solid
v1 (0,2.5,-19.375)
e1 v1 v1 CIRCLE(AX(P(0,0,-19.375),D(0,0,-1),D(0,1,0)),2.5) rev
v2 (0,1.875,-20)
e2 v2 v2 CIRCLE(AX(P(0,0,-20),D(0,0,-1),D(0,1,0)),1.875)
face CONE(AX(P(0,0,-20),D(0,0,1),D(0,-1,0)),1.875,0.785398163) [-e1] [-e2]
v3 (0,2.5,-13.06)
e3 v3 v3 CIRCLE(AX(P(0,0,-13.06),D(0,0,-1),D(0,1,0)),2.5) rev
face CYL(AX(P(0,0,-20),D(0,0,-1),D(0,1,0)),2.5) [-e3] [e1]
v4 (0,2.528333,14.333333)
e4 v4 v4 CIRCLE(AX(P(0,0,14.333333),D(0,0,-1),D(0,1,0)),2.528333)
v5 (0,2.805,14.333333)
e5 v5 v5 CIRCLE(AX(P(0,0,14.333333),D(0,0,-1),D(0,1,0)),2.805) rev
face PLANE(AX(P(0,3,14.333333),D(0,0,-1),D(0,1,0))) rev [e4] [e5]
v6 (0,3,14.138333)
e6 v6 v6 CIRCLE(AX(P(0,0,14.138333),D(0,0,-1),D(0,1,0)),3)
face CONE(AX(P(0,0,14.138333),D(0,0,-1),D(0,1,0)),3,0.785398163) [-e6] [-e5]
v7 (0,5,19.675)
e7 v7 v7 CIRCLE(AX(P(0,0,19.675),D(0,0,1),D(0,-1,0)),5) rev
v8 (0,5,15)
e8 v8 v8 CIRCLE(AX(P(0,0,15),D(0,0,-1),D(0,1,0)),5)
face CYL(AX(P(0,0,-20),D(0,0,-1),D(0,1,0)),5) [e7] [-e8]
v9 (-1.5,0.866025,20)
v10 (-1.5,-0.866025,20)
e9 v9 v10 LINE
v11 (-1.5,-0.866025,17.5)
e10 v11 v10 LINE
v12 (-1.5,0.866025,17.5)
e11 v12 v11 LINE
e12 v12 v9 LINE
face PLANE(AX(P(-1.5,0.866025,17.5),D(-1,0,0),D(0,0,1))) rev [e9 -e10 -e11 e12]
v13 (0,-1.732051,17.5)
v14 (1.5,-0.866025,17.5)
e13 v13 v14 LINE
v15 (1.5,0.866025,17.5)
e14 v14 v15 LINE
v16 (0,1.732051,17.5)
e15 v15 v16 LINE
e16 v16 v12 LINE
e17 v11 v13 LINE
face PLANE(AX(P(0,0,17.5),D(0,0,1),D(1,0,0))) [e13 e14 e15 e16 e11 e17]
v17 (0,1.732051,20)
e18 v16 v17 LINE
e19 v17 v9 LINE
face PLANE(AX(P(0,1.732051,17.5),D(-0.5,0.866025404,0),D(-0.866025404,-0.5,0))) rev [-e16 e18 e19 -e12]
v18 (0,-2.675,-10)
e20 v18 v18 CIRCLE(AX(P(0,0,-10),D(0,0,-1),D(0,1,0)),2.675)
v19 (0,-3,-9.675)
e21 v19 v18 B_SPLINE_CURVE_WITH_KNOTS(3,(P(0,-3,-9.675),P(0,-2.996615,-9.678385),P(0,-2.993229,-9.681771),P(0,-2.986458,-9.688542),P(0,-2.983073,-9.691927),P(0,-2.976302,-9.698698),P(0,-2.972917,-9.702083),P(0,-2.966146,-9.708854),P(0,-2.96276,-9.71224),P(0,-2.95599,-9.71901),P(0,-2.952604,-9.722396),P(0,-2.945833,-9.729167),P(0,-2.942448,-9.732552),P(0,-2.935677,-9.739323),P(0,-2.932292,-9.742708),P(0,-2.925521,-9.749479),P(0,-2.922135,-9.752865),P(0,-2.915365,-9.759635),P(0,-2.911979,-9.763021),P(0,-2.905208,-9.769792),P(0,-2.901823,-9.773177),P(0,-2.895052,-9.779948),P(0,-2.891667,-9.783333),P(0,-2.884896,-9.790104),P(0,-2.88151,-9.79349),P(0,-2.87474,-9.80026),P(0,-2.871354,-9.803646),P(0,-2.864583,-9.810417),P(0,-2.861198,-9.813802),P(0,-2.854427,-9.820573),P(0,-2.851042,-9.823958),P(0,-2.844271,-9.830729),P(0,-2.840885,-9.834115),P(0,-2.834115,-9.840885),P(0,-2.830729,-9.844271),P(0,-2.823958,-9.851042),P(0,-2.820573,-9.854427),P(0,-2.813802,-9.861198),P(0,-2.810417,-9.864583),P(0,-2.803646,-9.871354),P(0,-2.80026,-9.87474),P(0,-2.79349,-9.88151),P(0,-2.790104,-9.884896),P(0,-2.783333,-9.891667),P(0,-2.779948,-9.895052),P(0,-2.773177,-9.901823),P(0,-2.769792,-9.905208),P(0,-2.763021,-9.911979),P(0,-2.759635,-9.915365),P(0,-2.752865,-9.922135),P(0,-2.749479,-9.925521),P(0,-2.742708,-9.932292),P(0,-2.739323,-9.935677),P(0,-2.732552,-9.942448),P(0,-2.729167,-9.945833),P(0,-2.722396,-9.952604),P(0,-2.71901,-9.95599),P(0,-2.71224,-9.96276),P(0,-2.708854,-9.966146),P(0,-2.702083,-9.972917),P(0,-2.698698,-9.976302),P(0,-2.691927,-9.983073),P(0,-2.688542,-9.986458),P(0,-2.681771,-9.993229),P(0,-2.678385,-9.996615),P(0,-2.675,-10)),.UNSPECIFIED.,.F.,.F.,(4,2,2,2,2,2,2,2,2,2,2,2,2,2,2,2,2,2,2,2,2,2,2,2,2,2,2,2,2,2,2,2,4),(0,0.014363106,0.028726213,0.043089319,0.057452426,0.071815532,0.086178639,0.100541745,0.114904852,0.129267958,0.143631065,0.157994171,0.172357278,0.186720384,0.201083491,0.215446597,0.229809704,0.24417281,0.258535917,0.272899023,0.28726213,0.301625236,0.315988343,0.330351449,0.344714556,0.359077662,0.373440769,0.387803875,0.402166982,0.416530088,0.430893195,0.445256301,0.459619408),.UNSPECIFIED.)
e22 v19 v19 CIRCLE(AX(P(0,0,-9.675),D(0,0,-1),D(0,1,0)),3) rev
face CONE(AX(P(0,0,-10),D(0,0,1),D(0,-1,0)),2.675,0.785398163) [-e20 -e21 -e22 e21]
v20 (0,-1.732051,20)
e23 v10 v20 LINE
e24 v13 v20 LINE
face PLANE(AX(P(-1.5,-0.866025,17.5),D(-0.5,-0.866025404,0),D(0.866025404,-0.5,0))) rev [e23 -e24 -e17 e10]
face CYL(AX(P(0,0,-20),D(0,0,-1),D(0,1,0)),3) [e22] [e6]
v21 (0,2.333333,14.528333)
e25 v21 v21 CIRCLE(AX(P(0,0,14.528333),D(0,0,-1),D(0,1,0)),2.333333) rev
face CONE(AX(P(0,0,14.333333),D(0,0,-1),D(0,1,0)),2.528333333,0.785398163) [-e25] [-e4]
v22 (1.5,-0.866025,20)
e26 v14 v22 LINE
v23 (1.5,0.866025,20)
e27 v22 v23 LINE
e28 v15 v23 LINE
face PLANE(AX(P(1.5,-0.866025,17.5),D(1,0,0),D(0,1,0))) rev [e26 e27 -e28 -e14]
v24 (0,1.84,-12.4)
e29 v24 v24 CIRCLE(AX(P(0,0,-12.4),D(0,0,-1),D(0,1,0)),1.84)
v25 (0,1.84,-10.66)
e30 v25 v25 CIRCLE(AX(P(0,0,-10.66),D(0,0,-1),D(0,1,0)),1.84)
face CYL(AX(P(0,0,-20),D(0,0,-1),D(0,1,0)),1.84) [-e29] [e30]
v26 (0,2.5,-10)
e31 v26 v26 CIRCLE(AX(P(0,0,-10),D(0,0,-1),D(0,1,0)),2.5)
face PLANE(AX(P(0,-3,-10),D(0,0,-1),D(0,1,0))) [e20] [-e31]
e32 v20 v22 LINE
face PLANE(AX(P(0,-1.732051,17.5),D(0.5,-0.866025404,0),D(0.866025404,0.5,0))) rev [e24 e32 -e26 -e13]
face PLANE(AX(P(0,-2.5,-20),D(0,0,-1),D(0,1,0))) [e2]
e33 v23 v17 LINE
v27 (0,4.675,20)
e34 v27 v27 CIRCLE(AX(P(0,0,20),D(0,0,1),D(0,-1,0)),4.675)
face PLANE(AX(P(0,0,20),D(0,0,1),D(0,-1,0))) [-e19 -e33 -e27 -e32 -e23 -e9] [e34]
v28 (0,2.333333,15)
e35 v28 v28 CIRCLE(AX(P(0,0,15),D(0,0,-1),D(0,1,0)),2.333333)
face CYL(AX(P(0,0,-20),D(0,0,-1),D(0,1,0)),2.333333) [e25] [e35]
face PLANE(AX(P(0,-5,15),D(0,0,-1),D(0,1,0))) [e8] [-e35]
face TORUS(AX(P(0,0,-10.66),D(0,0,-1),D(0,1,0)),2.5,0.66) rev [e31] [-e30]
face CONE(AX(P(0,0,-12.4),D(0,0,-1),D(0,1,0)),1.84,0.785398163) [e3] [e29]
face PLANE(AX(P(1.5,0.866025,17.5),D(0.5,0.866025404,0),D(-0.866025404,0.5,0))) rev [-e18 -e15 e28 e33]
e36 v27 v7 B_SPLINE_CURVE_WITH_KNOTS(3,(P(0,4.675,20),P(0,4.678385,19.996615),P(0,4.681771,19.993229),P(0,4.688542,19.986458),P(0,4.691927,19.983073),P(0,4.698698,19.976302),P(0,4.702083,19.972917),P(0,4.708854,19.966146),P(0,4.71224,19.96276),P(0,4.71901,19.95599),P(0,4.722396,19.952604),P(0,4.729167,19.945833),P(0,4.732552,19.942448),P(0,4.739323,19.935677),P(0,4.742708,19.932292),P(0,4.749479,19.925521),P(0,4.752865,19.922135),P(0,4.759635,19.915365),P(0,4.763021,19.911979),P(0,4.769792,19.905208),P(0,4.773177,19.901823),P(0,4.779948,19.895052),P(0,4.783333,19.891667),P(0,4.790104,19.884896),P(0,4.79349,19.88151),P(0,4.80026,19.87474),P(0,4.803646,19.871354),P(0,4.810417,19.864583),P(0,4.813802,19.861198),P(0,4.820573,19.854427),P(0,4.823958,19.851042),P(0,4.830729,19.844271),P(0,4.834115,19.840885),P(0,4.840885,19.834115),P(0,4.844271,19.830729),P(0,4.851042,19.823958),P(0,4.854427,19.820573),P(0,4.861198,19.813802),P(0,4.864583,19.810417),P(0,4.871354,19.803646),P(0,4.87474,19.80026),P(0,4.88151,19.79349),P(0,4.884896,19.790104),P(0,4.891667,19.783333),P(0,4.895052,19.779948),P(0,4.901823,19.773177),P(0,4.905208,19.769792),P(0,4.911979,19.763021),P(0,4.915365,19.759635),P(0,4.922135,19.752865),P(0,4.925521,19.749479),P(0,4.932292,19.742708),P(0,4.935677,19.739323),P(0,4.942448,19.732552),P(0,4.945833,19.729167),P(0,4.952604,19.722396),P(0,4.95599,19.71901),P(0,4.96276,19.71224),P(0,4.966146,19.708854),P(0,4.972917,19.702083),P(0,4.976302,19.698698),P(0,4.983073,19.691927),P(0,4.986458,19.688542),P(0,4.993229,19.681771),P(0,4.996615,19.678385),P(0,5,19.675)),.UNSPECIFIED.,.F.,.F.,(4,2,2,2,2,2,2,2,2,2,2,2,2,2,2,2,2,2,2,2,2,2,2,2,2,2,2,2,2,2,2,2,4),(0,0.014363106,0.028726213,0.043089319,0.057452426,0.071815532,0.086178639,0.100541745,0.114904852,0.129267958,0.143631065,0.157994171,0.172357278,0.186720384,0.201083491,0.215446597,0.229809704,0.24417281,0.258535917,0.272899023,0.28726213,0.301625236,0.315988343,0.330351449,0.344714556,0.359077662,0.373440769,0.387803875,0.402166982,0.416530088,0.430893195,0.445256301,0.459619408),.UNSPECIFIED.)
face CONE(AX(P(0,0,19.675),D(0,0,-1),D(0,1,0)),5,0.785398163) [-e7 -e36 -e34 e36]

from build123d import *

# Parameters (mm, degrees)
SKETCH4_W          = 0.666666667
SKETCH4_H          = 0.666666667
CHAMFER1_SIZE      = 0.195
CHAMFER2_SIZE      = 0.625
CHAMFER3_SIZE      = 0.325
CUT_EXTRUDE1_DEPTH = 2.5


with BuildPart() as part:
    # Sketch3 → Revolve1 (revolve)
    with BuildSketch(Plane(origin=(0, 0, 0), x_dir=(0, 0, -1), z_dir=(1, 0, 0))):
        Polygon((-20, 5), (-15, 5), (-15, 3), (10, 3), (10, 2.5), (20, 2.5), (20, 0), (-20, 0), align=None)
    revolve(axis=Axis((0, 0, -20), (0, 0, 1)))

    # Sketch4 → Cut-Revolve1 (revolve, cut)
    with BuildSketch(Plane(origin=(0, 0, 0), x_dir=(0, 0, -1), z_dir=(1, 0, 0))):
        with Locations((-14.666666667, 2.666666667)):
            Rectangle(SKETCH4_W, SKETCH4_H)
    revolve(axis=Axis((0, 0, -20), (0, 0, 1)), mode=Mode.SUBTRACT)

    # Chamfer1
    chamfer1_edges = [part.edges().sort_by_distance(p)[0] for p in [
        (0, -2.333333333, 14.333333333),
        (0, -3, 14.333333333),
    ]]
    chamfer(chamfer1_edges, length=CHAMFER1_SIZE)

    # Sketch6 → Cut-Revolve2 (revolve, cut)
    with BuildSketch(Plane(origin=(0, 0, 0), x_dir=(0, 0, -1), z_dir=(1, 0, 0))):
        with BuildLine():
            Line((10, 3), (13.56, 3))
            Line((13.56, 3), (12.4, 1.84))
            Line((12.4, 1.84), (10.66, 1.84))
            ThreePointArc((10.66, 1.84), (10.193309524, 2.033309524), (10, 2.5))
            Line((10, 2.5), (10, 3))
        make_face()
    revolve(axis=Axis((0, 0, -20), (0, 0, 1)), mode=Mode.SUBTRACT)

    # Chamfer2
    chamfer2_edges = [part.edges().sort_by_distance(p)[0] for p in [
        (0, -2.5, -20),
    ]]
    chamfer(chamfer2_edges, length=CHAMFER2_SIZE)

    # Chamfer3
    chamfer3_edges = [part.edges().sort_by_distance(p)[0] for p in [
        (0, -3, -10),
        (0, -5, 20),
    ]]
    chamfer(chamfer3_edges, length=CHAMFER3_SIZE)

    # Sketch8 → Cut-Extrude1 (cut)
    with BuildSketch(Plane.XY.offset(20)):
        Polygon((1.5, 0.866025404), (0, 1.732050808), (-1.5, 0.866025404), (-1.5, -0.866025404), (0, -1.732050808), (1.5, -0.866025404), align=None)
    extrude(amount=-CUT_EXTRUDE1_DEPTH, mode=Mode.SUBTRACT)


solid = part.part
